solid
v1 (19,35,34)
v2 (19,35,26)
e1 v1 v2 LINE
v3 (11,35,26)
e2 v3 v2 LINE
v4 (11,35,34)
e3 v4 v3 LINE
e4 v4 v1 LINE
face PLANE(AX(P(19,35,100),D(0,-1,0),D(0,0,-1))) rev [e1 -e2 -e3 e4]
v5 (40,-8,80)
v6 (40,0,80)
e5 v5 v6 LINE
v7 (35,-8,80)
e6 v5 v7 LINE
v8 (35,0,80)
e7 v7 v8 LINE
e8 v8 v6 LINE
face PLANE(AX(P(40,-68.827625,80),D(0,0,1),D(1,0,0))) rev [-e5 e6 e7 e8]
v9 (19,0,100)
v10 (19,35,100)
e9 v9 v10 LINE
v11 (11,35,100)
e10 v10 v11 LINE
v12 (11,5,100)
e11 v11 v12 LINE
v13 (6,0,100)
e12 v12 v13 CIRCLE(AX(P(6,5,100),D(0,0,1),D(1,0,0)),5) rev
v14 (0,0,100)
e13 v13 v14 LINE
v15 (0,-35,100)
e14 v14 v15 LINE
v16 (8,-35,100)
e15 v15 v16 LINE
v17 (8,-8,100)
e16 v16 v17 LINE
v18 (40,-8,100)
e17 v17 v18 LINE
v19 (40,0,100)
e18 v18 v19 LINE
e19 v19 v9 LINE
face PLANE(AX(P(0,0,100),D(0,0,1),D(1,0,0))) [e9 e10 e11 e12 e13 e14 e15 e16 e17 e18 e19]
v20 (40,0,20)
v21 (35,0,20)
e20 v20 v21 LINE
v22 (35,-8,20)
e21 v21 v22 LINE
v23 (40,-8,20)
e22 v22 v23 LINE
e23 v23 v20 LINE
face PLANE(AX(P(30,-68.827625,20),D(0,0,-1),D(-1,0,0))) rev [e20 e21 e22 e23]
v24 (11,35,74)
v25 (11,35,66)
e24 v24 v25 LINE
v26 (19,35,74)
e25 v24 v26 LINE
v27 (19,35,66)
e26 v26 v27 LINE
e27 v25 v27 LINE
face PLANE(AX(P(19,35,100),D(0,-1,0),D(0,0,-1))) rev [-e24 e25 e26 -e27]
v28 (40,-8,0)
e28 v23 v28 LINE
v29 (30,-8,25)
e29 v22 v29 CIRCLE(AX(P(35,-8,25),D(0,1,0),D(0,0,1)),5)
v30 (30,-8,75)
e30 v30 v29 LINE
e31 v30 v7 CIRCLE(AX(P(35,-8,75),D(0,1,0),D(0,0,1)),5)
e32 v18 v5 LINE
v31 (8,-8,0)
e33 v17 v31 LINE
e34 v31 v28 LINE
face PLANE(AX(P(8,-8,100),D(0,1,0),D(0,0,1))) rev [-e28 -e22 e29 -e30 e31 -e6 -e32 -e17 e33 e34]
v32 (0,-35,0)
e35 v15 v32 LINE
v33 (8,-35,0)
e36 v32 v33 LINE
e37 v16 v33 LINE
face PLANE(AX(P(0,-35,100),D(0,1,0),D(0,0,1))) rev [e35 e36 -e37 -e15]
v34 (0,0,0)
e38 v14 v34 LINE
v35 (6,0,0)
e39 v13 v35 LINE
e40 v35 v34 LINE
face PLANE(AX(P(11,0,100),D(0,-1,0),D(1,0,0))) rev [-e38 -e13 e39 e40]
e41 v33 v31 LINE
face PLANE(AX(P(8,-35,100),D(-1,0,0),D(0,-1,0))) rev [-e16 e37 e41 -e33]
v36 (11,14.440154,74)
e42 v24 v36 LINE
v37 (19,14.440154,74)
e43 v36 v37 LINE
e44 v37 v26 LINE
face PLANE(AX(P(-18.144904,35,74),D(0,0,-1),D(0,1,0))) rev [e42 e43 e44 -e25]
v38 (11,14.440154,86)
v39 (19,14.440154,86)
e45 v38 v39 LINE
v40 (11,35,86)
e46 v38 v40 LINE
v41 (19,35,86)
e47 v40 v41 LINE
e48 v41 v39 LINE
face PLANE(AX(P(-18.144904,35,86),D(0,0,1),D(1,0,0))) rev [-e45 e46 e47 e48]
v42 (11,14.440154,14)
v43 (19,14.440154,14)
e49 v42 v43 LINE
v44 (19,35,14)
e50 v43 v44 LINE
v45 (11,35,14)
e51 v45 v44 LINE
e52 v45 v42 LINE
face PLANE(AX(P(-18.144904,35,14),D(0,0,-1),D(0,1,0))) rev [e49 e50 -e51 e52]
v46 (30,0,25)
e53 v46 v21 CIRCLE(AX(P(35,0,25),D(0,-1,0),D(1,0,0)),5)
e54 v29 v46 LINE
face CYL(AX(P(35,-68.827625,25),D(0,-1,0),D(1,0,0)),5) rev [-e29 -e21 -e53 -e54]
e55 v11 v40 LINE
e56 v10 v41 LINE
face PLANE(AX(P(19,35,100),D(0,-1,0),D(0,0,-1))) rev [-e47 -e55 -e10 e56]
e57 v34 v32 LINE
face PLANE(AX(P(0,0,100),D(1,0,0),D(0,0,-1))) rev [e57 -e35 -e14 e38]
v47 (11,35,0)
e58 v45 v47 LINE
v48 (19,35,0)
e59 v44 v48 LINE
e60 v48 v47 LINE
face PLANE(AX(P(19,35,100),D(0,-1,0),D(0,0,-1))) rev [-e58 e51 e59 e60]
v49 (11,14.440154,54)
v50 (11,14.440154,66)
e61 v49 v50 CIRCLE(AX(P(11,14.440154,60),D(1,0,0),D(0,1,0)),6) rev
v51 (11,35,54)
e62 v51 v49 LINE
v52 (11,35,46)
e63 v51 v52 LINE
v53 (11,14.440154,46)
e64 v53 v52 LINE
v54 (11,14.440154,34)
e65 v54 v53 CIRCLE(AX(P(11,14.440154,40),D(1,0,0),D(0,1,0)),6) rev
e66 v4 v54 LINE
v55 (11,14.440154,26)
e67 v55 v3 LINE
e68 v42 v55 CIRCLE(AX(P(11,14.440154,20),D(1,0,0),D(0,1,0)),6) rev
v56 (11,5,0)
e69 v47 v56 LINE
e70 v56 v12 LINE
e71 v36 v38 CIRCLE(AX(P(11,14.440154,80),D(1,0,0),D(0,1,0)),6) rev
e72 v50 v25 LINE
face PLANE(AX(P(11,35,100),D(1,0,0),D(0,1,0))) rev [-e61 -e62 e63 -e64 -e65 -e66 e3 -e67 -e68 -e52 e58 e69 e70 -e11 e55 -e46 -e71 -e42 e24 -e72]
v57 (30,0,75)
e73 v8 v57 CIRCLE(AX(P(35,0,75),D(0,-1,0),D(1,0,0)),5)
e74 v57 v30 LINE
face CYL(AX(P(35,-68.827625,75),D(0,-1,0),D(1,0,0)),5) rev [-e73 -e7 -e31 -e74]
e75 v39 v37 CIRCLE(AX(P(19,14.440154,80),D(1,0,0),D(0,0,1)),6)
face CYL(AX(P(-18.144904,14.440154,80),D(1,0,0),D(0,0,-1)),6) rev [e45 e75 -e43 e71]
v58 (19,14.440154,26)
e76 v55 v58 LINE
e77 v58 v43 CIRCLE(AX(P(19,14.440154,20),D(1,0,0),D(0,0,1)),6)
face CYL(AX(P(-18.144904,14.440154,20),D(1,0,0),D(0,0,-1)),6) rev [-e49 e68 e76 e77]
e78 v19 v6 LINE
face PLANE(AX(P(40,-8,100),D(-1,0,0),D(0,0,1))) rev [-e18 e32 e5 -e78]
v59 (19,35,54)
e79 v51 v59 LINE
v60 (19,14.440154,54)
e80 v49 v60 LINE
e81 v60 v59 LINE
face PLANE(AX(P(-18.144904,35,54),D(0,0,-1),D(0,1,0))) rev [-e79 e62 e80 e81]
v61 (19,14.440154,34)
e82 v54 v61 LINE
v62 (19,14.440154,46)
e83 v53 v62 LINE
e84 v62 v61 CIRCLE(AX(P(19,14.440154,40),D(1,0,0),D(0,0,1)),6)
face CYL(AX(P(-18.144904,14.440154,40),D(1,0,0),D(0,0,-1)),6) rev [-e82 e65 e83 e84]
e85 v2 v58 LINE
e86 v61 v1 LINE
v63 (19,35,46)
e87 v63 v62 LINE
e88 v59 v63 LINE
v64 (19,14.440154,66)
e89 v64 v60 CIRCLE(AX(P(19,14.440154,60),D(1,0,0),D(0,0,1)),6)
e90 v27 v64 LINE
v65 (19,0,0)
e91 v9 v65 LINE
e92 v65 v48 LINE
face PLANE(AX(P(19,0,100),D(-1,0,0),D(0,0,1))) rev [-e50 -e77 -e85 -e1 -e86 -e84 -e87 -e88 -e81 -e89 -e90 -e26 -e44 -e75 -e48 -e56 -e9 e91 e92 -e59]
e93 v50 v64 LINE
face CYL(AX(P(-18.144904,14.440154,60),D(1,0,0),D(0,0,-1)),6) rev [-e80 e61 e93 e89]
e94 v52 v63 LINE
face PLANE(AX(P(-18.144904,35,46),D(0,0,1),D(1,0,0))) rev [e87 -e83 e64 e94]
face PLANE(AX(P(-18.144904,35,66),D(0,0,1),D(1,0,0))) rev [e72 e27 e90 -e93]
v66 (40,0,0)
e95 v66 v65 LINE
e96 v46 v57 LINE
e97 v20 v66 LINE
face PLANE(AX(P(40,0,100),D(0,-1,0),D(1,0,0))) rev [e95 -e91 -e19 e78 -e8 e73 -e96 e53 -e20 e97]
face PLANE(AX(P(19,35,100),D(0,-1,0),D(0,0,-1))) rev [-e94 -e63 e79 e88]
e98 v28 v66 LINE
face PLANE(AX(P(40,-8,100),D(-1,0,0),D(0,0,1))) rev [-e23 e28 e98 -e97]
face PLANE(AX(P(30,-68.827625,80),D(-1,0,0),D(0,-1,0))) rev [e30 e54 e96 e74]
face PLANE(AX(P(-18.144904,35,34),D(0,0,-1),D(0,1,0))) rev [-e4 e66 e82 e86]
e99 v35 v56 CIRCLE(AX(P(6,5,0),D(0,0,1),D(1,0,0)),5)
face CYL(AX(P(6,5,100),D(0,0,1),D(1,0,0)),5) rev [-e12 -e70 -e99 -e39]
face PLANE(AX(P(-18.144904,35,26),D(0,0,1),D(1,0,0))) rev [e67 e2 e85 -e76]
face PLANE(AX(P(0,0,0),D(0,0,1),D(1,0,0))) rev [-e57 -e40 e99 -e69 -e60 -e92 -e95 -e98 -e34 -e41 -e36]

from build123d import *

# Parameters (mm, degrees)
BOSS_EXTRUDE1_DEPTH = 100
SKETCH3_W           = 10
SKETCH3_H           = 60
CUT_EXTRUDE1_DEPTH  = 8
CUT_EXTRUDE2_DEPTH  = 8
LPATTERN1_COUNT     = 4
LPATTERN1_PITCH     = 20
FILLET1_R           = 5


with BuildPart() as part:
    # Sketch2 → Boss-Extrude1 (new body)
    with BuildSketch(Plane.XY):
        Polygon((0, 0), (0, -35), (8, -35), (8, -8), (40, -8), (40, 0), (19, 0), (19, 35), (11, 35), (11, 0), align=None)
    extrude(amount=BOSS_EXTRUDE1_DEPTH)

    # Sketch3 → Cut-Extrude1 (cut)
    with BuildSketch(Plane(origin=(0, 0, 0), x_dir=(1, 0, 0), z_dir=(0, 1, 0))):
        with Locations((35, -50)):
            Rectangle(SKETCH3_W, SKETCH3_H)
    extrude(amount=-CUT_EXTRUDE1_DEPTH, mode=Mode.SUBTRACT)

    # Sketch4 → Cut-Extrude2 (cut)
    with BuildSketch(Plane(origin=(19, 0, 0), x_dir=(0, 0, -1), z_dir=(1, 0, 0))):
        with BuildLine():
            Line((-86, 35), (-86, 14.440154261))
            ThreePointArc((-86, 14.440154261), (-80, 8.440154261), (-74, 14.440154261))
            Line((-74, 14.440154261), (-74, 35))
            Line((-74, 35), (-86, 35))
        make_face()
    cut_extrude2 = extrude(amount=-CUT_EXTRUDE2_DEPTH, mode=Mode.SUBTRACT)

    # LPattern1: Cut-Extrude2 ×4
    with Locations(*[(0, 0, -i * LPATTERN1_PITCH) for i in range(1, LPATTERN1_COUNT)]):
        add(cut_extrude2, mode=Mode.SUBTRACT)

    # Fillet1
    fillet1_edges = [part.edges().sort_by_distance(p)[0] for p in [
        (11, 0, 50),
        (30, -4, 80),
        (30, -4, 20),
    ]]
    fillet(fillet1_edges, radius=FILLET1_R)


solid = part.part
